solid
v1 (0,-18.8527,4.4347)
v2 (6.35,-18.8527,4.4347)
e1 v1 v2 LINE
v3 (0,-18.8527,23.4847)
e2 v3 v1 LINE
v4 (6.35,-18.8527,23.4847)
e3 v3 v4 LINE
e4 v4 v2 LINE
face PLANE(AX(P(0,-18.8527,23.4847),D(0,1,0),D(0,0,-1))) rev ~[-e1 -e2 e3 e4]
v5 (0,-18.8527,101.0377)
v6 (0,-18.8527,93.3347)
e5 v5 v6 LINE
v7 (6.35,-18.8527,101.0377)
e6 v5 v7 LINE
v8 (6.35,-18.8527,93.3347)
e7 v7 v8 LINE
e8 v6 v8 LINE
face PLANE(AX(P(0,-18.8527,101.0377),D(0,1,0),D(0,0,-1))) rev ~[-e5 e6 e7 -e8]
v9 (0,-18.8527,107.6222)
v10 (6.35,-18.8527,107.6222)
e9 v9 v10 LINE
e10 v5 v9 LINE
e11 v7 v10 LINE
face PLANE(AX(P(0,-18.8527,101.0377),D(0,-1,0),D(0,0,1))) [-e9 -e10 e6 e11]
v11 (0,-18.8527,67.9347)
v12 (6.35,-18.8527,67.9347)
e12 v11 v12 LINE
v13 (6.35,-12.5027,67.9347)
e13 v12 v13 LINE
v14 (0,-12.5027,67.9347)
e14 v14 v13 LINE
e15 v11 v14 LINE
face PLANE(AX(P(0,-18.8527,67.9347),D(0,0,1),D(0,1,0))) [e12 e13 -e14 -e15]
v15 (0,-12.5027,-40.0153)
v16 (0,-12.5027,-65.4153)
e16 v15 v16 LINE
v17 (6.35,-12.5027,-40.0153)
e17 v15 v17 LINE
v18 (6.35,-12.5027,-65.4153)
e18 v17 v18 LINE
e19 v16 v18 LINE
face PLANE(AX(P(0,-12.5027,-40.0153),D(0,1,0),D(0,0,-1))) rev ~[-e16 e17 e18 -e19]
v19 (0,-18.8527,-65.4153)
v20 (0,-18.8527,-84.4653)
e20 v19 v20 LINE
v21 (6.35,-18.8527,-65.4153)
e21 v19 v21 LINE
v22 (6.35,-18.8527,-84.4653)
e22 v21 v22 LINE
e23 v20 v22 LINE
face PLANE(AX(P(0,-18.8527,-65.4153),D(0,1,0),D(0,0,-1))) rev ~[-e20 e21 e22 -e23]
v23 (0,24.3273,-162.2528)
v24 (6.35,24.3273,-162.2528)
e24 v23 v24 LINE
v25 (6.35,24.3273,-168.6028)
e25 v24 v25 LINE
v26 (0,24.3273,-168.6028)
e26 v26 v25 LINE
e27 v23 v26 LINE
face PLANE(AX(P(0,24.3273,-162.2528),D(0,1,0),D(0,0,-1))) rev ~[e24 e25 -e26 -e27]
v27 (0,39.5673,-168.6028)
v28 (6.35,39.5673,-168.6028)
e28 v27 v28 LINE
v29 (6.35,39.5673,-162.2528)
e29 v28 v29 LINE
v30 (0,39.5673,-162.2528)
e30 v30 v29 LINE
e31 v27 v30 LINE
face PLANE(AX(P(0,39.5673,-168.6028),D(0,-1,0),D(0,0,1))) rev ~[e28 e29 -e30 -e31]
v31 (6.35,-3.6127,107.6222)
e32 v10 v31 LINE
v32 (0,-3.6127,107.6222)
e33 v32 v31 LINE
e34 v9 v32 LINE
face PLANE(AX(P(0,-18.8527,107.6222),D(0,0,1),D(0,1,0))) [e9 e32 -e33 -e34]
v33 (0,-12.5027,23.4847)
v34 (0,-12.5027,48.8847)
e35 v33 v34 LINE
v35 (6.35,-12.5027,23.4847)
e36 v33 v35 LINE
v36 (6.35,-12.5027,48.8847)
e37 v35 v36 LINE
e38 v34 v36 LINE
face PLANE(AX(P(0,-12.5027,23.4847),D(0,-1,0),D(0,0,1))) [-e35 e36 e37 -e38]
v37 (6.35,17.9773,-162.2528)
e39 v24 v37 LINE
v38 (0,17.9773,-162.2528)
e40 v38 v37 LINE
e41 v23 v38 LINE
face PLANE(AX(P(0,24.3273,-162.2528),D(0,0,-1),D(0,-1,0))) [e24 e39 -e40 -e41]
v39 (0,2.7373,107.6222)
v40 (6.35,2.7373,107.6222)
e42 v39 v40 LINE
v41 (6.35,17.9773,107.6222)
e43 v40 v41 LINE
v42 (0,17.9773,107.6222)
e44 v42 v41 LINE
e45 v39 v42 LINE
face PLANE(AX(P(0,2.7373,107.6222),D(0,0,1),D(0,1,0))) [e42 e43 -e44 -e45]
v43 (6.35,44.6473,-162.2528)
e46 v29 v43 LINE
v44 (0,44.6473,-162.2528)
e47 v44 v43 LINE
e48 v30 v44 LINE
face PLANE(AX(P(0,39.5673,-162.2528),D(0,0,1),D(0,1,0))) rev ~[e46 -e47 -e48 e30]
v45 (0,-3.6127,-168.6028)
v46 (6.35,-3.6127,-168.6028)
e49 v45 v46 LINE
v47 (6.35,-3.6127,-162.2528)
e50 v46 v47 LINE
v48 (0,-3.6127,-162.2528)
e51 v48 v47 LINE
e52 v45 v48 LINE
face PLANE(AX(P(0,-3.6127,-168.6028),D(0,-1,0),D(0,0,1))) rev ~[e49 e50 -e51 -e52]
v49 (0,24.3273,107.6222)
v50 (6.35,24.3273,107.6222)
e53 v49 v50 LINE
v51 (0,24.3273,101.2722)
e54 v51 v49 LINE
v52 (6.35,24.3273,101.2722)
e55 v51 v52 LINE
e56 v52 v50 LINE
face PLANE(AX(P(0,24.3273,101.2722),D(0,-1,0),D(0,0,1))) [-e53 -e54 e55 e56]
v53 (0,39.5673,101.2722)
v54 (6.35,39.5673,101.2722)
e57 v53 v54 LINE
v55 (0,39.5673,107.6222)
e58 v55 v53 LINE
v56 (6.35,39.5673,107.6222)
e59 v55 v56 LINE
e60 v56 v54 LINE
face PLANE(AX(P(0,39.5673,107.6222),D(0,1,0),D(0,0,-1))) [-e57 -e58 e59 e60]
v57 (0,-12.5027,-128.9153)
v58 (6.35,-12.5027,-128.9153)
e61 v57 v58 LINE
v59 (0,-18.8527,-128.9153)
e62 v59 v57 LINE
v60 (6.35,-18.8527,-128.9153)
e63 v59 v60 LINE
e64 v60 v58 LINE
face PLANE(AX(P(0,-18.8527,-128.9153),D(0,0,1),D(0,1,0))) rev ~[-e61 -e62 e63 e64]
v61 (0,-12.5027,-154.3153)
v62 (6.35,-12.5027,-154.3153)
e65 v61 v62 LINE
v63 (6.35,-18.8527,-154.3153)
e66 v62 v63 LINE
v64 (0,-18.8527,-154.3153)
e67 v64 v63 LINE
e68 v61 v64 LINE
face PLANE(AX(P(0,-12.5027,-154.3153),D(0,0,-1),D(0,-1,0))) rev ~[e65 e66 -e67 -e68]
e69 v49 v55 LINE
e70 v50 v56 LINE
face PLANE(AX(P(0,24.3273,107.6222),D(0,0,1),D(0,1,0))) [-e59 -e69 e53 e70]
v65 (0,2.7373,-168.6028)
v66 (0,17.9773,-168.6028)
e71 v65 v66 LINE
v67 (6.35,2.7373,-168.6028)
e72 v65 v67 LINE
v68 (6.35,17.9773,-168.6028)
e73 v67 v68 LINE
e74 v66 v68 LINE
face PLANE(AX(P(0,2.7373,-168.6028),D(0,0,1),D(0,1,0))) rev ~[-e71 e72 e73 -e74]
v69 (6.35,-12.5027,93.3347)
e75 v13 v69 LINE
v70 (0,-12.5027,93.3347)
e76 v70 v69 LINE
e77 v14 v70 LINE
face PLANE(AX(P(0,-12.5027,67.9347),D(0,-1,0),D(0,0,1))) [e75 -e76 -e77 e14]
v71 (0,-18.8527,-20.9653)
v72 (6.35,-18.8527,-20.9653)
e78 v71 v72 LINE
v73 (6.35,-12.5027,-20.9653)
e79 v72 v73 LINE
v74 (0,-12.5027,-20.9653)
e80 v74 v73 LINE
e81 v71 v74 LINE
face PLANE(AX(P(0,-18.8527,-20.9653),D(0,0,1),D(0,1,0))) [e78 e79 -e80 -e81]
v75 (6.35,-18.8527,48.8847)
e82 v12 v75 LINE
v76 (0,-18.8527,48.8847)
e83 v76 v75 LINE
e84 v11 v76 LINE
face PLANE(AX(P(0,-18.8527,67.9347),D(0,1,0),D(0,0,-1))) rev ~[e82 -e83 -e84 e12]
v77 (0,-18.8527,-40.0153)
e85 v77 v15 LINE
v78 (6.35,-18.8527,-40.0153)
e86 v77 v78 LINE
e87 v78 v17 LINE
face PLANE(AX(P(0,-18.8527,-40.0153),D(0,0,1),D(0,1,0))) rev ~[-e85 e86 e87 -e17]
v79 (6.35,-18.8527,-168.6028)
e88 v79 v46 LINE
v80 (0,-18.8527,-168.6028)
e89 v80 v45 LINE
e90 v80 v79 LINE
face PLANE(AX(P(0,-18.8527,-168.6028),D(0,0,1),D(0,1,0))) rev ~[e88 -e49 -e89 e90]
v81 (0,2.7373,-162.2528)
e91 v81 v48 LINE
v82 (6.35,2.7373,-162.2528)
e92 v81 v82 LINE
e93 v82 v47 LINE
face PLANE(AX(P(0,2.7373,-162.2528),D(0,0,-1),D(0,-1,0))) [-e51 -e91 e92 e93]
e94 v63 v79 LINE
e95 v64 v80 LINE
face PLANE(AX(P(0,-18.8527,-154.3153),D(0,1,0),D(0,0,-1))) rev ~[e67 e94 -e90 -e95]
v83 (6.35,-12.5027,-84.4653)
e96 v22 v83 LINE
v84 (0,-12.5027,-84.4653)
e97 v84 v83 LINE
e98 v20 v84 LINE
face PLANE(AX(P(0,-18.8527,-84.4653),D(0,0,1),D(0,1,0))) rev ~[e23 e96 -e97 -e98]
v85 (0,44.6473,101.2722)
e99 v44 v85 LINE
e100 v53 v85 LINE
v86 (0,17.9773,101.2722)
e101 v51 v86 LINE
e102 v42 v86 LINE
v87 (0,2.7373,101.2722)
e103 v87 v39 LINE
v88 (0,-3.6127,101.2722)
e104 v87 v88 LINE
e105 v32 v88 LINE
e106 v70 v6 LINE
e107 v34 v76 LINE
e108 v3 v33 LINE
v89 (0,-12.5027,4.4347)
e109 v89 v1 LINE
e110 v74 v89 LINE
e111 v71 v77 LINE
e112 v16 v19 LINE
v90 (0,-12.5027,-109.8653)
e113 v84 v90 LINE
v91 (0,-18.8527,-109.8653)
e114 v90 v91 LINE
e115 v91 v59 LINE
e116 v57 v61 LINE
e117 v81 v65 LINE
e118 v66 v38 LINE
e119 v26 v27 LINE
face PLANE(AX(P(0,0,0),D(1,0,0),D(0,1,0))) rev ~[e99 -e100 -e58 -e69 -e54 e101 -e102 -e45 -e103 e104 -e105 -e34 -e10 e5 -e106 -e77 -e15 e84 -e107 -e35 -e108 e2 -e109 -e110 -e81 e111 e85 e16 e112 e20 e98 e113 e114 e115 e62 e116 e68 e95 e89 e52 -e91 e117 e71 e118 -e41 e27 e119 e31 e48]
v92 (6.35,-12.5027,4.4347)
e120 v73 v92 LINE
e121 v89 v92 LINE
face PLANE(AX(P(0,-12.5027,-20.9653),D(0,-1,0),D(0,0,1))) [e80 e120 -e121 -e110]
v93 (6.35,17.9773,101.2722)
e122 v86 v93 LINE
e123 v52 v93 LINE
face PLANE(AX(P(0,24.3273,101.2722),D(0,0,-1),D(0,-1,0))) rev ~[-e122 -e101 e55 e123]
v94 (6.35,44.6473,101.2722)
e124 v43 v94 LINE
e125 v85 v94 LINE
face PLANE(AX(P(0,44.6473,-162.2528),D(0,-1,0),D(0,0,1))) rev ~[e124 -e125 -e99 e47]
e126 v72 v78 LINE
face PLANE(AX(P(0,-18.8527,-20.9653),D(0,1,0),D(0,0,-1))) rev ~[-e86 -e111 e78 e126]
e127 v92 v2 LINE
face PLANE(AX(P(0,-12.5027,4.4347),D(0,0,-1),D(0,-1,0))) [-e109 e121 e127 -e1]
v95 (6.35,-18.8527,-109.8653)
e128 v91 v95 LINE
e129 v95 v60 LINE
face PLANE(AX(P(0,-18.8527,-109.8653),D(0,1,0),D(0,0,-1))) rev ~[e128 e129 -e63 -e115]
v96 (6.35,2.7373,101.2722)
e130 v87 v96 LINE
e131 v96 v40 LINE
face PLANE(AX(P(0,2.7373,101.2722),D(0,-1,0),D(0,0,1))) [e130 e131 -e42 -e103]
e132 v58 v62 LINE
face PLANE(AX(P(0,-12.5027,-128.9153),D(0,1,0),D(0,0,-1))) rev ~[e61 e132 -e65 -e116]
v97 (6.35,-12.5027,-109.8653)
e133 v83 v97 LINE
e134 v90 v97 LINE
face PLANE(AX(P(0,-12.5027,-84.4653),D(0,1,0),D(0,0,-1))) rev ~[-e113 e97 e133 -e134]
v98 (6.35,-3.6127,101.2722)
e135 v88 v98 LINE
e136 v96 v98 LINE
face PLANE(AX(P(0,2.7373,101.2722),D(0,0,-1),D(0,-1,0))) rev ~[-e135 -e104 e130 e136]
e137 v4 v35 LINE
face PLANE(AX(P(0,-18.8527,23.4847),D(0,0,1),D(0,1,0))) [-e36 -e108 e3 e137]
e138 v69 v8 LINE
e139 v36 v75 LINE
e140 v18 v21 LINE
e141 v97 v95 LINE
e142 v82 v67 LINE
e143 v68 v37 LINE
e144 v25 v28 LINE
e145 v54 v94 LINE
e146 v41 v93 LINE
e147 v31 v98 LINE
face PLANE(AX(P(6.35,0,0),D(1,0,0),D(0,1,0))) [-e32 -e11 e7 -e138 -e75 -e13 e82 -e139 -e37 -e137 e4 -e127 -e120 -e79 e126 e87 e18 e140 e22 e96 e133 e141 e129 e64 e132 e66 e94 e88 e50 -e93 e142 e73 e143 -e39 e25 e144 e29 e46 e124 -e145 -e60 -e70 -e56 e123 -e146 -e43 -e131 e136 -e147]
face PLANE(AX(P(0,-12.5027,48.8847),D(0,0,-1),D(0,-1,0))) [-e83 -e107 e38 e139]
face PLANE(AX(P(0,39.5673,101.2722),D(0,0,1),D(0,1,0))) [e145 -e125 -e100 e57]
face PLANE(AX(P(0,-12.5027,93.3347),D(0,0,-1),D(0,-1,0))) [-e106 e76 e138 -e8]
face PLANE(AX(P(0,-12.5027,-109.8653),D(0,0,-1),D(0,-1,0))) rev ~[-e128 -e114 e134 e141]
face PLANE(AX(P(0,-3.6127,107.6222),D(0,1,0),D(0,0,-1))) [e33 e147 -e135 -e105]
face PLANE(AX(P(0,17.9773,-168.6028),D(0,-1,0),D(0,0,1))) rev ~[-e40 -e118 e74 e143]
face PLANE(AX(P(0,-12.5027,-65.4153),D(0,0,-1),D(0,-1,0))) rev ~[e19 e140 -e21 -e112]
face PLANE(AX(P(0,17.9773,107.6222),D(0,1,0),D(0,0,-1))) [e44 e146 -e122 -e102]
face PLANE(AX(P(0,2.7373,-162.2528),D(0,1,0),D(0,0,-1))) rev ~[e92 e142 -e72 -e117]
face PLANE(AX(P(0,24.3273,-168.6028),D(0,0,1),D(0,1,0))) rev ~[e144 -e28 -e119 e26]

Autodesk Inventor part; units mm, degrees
ref_plane "YZ Plane" through (0, 0, 0) normal (1, 0, 0) x (0, 1, 0)
ref_plane "XZ Plane" through (0, 0, 0) normal (0, 1, 0) x (-1, 0, 0)
ref_plane "XY Plane" through (0, 0, 0) normal (0, 0, 1) x (1, 0, 0)
sketch "Sketch1" plane through (0, 0, 0) normal (1, 0, 0) x (0, 1, 0)
  line L0 (44.6473, -162.2528) -> (44.6473, 101.2722)
  line L1 (-18.8527, 107.6222) -> (-3.6127, 107.6222)
  line L2 (-3.6127, 107.6222) -> (-3.6127, 101.2722)
  line L3 (-18.8527, 101.0377) -> (-18.8527, 107.6222)
  line L4 (2.7373, 107.6222) -> (17.9773, 107.6222)
  line L5 (17.9773, 107.6222) -> (17.9773, 101.2722)
  line L6 (2.7373, 101.2722) -> (2.7373, 107.6222)
  line L7 (24.3273, 107.6222) -> (39.5673, 107.6222)
  line L8 (39.5673, 107.6222) -> (39.5673, 101.2722)
  line L9 (24.3273, 101.2722) -> (24.3273, 107.6222)
  line L10 (39.5673, 101.2722) -> (44.6473, 101.2722)
  line L11 (24.3273, 101.2722) -> (17.9773, 101.2722)
  line L12 (2.7373, 101.2722) -> (-3.6127, 101.2722)
  line L13 (44.6473, -30.4903) -> (-18.8527, -30.4903) construction
  line L14 (-3.6127, -168.6028) -> (-3.6127, -162.2528)
  line L15 (17.9773, -168.6028) -> (17.9773, -162.2528)
  line L16 (2.7373, -162.2528) -> (2.7373, -168.6028)
  line L17 (39.5673, -168.6028) -> (39.5673, -162.2528)
  line L18 (24.3273, -162.2528) -> (24.3273, -168.6028)
  line L19 (39.5673, -162.2528) -> (44.6473, -162.2528)
  line L20 (24.3273, -162.2528) -> (17.9773, -162.2528)
  line L21 (2.7373, -162.2528) -> (-3.6127, -162.2528)
  line L22 (24.3273, -168.6028) -> (39.5673, -168.6028)
  line L23 (-18.8527, -168.6028) -> (-3.6127, -168.6028)
  line L24 (2.7373, -168.6028) -> (17.9773, -168.6028)
  line L25 (-3.6127, 107.6222) -> (-18.8527, 107.6222)
  line L26 (39.5673, 107.6222) -> (24.3273, 107.6222)
  line L27 (17.9773, 107.6222) -> (2.7373, 107.6222)
  line L28 (-18.8527, -20.9653) -> (-12.5027, -20.9653)
  line L29 (-12.5027, -20.9653) -> (-12.5027, 4.4347)
  line L30 (-12.5027, 4.4347) -> (-18.8527, 4.4347)
  line L31 (-18.8527, 23.4847) -> (-12.5027, 23.4847)
  line L32 (-12.5027, 23.4847) -> (-12.5027, 48.8847)
  line L33 (-12.5027, 48.8847) -> (-18.8527, 48.8847)
  line L34 (-18.8527, 67.9347) -> (-12.5027, 67.9347)
  line L35 (-12.5027, 67.9347) -> (-12.5027, 93.3347)
  line L36 (-12.5027, 93.3347) -> (-18.8527, 93.3347)
  line L37 (-3.6127, -168.6028) -> (-3.6127, -162.2528)
  line L38 (2.7373, -162.2528) -> (-3.6127, -162.2528)
  line L39 (-18.8527, -40.0153) -> (-12.5027, -40.0153)
  line L40 (-12.5027, -40.0153) -> (-12.5027, -65.4153)
  line L41 (-12.5027, -65.4153) -> (-18.8527, -65.4153)
  line L42 (-18.8527, -84.4653) -> (-12.5027, -84.4653)
  line L43 (-12.5027, -84.4653) -> (-12.5027, -109.8653)
  line L44 (-12.5027, -109.8653) -> (-18.8527, -109.8653)
  line L45 (-18.8527, -128.9153) -> (-12.5027, -128.9153)
  line L46 (-12.5027, -128.9153) -> (-12.5027, -154.3153)
  line L47 (-12.5027, -154.3153) -> (-18.8527, -154.3153)
  line L48 (-18.8527, 107.6222) -> (-18.8527, 93.3347)
  line L49 (-18.8527, 67.9347) -> (-18.8527, 48.8847)
  line L50 (-18.8527, 23.4847) -> (-18.8527, 4.4347)
  line L51 (-18.8527, -20.9653) -> (-18.8527, -40.0153)
  line L52 (-18.8527, -65.4153) -> (-18.8527, -84.4653)
  line L53 (-18.8527, -109.8653) -> (-18.8527, -128.9153)
  line L54 (-18.8527, -154.3153) -> (-18.8527, -168.6028)
  point P0 (0, 0)
  dimension "d2" = 15.24
  dimension "d3" = 6.35
  dimension "d4" = 15.24
  dimension "d5" = 6.35
  dimension "d7" = 15.24
  dimension "d8" = 9.525
  dimension "d9" = 19.05
  dimension "d10" = 19.05
  dimension "d12" = 25.4
  dimension "d13" = 25.4
  dimension "d14" = 25.4
  dimension "d16" = 6.35
  dimension "d17" = 6.35
  dimension "d20" = 276.225
extrude "Extrusion1" add sketch "Sketch1" along normal blind 6.35
equation "\"d10\" = d9"
equation "\"d13\" = d12"
equation "\"d14\" = d12"
properties part number "Front_Back" material "UHMW, White"
